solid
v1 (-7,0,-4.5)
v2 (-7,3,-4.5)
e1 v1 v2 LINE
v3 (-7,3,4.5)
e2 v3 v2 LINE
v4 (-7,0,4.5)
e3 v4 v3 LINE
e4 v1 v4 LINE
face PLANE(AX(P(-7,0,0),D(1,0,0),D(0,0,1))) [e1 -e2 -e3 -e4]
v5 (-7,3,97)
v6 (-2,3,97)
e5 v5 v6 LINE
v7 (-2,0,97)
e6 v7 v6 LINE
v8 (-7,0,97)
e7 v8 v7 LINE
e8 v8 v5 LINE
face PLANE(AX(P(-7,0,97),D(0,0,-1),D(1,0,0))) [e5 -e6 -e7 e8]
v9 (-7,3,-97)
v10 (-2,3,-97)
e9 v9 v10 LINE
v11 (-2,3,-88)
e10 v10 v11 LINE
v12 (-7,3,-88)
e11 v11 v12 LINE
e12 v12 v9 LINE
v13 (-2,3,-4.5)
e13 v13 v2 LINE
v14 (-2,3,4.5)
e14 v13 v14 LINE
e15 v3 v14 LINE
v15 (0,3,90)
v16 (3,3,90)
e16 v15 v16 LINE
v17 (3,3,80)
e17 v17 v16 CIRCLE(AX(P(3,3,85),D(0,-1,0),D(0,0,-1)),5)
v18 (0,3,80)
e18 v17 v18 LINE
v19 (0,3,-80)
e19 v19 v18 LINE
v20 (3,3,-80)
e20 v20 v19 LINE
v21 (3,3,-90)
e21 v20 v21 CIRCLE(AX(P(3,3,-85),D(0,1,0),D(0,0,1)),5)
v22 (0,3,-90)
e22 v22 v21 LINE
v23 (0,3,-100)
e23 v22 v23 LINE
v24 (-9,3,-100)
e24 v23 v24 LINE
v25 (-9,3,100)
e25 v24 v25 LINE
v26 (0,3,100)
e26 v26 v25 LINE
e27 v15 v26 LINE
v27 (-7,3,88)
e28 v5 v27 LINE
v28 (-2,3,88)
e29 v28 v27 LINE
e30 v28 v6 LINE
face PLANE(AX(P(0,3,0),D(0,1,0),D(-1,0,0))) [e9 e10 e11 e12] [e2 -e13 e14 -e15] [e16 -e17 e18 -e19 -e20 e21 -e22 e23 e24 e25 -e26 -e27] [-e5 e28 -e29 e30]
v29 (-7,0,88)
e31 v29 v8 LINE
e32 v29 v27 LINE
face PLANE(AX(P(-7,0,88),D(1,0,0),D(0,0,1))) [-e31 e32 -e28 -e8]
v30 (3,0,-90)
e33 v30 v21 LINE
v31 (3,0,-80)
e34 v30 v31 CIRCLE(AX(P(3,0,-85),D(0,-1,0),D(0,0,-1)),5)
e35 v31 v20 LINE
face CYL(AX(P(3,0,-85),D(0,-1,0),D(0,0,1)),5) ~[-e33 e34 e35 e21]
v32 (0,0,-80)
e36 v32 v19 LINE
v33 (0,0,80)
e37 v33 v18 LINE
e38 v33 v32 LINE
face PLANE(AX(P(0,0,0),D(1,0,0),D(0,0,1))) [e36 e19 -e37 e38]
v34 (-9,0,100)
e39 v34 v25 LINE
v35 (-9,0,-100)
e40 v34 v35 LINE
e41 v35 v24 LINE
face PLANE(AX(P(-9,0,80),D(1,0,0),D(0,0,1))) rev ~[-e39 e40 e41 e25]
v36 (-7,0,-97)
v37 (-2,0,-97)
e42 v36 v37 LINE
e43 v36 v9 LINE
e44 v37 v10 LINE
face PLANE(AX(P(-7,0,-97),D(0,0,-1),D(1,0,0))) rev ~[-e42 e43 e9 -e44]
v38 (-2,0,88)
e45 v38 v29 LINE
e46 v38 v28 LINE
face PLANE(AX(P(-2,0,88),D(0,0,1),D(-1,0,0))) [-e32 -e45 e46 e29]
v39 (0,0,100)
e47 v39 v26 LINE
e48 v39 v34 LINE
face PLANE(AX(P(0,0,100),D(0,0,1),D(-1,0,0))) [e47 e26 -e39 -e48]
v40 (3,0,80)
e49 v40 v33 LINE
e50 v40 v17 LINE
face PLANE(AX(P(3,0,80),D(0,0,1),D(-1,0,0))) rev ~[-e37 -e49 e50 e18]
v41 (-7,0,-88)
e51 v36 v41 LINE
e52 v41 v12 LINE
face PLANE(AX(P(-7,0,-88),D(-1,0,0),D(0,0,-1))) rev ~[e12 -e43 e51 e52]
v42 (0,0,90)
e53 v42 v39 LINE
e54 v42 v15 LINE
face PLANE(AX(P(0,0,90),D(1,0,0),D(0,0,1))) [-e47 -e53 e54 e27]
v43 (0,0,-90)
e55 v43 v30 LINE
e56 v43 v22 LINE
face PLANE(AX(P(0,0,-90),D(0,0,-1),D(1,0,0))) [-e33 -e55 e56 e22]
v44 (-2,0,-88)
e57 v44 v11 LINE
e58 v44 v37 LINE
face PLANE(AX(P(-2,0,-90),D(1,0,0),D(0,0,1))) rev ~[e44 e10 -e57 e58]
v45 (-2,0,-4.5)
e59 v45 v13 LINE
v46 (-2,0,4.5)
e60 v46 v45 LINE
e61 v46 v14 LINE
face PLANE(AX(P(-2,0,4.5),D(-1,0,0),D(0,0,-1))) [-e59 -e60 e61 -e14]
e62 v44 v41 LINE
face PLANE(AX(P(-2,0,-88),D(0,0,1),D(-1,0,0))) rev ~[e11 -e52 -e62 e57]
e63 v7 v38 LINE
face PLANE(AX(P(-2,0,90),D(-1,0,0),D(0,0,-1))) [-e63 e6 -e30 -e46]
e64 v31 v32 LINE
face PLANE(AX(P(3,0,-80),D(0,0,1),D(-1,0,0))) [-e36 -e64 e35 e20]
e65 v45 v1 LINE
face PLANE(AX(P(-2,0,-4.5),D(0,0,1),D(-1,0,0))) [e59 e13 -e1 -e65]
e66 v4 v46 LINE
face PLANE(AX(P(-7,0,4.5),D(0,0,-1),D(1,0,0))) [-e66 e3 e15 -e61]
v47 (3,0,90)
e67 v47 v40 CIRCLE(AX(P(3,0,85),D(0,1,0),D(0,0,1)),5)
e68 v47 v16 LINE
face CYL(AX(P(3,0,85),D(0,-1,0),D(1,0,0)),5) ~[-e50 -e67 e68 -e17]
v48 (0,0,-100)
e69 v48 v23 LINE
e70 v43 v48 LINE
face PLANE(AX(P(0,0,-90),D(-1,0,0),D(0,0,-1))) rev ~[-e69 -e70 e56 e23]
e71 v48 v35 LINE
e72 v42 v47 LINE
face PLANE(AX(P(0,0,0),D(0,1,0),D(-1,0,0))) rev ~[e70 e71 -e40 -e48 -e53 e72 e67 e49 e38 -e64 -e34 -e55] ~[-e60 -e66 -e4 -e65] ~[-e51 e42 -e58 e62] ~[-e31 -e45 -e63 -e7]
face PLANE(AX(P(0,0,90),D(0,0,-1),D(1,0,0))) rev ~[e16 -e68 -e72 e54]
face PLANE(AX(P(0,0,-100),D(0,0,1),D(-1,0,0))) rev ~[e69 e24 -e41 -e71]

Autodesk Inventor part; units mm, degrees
ref_plane "YZ Plane" through (0, 0, 0) normal (1, 0, 0) x (0, 1, 0)
ref_plane "XZ Plane" through (0, 0, 0) normal (0, 1, 0) x (-1, 0, 0)
ref_plane "XY Plane" through (0, 0, 0) normal (0, 0, 1) x (1, 0, 0)
sketch "草圖1" plane through (0, 0, 0) normal (0, 1, 0) x (-1, 0, 0)
  line L0 (0, 80) -> (9, 80)
  line L1 (9, 80) -> (9, -80)
  line L2 (9, -80) -> (0, -80)
  line L3 (0, -80) -> (0, 80)
  line L4 (7, 4.5) -> (2, 4.5)
  line L5 (2, 4.5) -> (2, -4.5)
  line L6 (2, -4.5) -> (7, -4.5)
  line L7 (7, -4.5) -> (7, 4.5)
  line L8 (9, 80) -> (9, 90)
  line L9 (9, 90) -> (-3, 90)
  line L10 (-8, 85) -> (-8, 85)
  line L11 (-3, 80) -> (0, 80)
  arc A0 (-8, 85) -> (-3, 80) centre (-3, 85) ccw
  arc A1 (-3, 90) -> (-8, 85) centre (-3, 85) ccw
  circle A2 centre (-3, 85) radius 2.5
  line L12 (9, 0) -> (0, 0)
  line L13 (9, -80) -> (9, -90)
  line L14 (9, -90) -> (-3, -90)
  line L15 (-3, -80) -> (0, -80)
  arc A3 (-3, -80) -> (-8, -85) centre (-3, -85) ccw
  arc A4 (-8, -85) -> (-3, -90) centre (-3, -85) ccw
  circle A5 centre (-3, -85) radius 2.5
  line L16 (9, 90) -> (0, 90)
  line L17 (0, 90) -> (0, 100)
  line L18 (0, 100) -> (9, 100)
  line L19 (9, 100) -> (9, 90)
  line L20 (9, -90) -> (0, -90)
  line L21 (0, -90) -> (0, -100)
  line L22 (0, -100) -> (9, -100)
  line L23 (9, -100) -> (9, -90)
  line L24 (7, 97) -> (2, 97)
  line L25 (2, 97) -> (2, 88)
  line L26 (2, 88) -> (7, 88)
  line L27 (7, 88) -> (7, 97)
  line L28 (7, -97) -> (2, -97)
  line L29 (2, -97) -> (2, -88)
  line L30 (2, -88) -> (7, -88)
  line L31 (7, -88) -> (7, -97)
  point P0 (7, 0)
  point P1 (4.5, 4.5)
  point P2 (4.5, 80)
  point P3 (-8, 90)
  point P4 (-8, -90)
  point P5 (-8, -85)
  point P6 (4.5, 97)
  point P7 (4.5, 100)
  point P8 (4.5, -97)
  dimension "d0" = 160
  dimension "d1" = 9
  dimension "d2" = 9
  dimension "d3" = 5
  dimension "d4" = 10
  dimension "d5" = 17
  dimension "d6" = 5
  dimension "d7" = 5
  dimension "d8" = 5
  dimension "d11" = 9
  dimension "d12" = 10
  dimension "d13" = 10
  dimension "d14" = 9
  dimension "d15" = 5
  dimension "d16" = 9
  dimension "d17" = 3
extrude "擠出1" add sketch "草圖1" along normal blind 3 contours L11 A0 A1 L9 L25 L26 L27 L8 L0 | L0 L1 L12 L7 L4 L5 L3 | L12 L5 L6 L7 L1 L2 L3 | L9 L27 L24 L25 L17 L18 L19 | L2 L13 L14 L31 L30 L29 A4 A3 L15 | L23 L22 L21 L14 L29 L28 L31 | A2 | A5
properties part number "upper_Bar_3" material "MDF Medium Density Fiberboard"
